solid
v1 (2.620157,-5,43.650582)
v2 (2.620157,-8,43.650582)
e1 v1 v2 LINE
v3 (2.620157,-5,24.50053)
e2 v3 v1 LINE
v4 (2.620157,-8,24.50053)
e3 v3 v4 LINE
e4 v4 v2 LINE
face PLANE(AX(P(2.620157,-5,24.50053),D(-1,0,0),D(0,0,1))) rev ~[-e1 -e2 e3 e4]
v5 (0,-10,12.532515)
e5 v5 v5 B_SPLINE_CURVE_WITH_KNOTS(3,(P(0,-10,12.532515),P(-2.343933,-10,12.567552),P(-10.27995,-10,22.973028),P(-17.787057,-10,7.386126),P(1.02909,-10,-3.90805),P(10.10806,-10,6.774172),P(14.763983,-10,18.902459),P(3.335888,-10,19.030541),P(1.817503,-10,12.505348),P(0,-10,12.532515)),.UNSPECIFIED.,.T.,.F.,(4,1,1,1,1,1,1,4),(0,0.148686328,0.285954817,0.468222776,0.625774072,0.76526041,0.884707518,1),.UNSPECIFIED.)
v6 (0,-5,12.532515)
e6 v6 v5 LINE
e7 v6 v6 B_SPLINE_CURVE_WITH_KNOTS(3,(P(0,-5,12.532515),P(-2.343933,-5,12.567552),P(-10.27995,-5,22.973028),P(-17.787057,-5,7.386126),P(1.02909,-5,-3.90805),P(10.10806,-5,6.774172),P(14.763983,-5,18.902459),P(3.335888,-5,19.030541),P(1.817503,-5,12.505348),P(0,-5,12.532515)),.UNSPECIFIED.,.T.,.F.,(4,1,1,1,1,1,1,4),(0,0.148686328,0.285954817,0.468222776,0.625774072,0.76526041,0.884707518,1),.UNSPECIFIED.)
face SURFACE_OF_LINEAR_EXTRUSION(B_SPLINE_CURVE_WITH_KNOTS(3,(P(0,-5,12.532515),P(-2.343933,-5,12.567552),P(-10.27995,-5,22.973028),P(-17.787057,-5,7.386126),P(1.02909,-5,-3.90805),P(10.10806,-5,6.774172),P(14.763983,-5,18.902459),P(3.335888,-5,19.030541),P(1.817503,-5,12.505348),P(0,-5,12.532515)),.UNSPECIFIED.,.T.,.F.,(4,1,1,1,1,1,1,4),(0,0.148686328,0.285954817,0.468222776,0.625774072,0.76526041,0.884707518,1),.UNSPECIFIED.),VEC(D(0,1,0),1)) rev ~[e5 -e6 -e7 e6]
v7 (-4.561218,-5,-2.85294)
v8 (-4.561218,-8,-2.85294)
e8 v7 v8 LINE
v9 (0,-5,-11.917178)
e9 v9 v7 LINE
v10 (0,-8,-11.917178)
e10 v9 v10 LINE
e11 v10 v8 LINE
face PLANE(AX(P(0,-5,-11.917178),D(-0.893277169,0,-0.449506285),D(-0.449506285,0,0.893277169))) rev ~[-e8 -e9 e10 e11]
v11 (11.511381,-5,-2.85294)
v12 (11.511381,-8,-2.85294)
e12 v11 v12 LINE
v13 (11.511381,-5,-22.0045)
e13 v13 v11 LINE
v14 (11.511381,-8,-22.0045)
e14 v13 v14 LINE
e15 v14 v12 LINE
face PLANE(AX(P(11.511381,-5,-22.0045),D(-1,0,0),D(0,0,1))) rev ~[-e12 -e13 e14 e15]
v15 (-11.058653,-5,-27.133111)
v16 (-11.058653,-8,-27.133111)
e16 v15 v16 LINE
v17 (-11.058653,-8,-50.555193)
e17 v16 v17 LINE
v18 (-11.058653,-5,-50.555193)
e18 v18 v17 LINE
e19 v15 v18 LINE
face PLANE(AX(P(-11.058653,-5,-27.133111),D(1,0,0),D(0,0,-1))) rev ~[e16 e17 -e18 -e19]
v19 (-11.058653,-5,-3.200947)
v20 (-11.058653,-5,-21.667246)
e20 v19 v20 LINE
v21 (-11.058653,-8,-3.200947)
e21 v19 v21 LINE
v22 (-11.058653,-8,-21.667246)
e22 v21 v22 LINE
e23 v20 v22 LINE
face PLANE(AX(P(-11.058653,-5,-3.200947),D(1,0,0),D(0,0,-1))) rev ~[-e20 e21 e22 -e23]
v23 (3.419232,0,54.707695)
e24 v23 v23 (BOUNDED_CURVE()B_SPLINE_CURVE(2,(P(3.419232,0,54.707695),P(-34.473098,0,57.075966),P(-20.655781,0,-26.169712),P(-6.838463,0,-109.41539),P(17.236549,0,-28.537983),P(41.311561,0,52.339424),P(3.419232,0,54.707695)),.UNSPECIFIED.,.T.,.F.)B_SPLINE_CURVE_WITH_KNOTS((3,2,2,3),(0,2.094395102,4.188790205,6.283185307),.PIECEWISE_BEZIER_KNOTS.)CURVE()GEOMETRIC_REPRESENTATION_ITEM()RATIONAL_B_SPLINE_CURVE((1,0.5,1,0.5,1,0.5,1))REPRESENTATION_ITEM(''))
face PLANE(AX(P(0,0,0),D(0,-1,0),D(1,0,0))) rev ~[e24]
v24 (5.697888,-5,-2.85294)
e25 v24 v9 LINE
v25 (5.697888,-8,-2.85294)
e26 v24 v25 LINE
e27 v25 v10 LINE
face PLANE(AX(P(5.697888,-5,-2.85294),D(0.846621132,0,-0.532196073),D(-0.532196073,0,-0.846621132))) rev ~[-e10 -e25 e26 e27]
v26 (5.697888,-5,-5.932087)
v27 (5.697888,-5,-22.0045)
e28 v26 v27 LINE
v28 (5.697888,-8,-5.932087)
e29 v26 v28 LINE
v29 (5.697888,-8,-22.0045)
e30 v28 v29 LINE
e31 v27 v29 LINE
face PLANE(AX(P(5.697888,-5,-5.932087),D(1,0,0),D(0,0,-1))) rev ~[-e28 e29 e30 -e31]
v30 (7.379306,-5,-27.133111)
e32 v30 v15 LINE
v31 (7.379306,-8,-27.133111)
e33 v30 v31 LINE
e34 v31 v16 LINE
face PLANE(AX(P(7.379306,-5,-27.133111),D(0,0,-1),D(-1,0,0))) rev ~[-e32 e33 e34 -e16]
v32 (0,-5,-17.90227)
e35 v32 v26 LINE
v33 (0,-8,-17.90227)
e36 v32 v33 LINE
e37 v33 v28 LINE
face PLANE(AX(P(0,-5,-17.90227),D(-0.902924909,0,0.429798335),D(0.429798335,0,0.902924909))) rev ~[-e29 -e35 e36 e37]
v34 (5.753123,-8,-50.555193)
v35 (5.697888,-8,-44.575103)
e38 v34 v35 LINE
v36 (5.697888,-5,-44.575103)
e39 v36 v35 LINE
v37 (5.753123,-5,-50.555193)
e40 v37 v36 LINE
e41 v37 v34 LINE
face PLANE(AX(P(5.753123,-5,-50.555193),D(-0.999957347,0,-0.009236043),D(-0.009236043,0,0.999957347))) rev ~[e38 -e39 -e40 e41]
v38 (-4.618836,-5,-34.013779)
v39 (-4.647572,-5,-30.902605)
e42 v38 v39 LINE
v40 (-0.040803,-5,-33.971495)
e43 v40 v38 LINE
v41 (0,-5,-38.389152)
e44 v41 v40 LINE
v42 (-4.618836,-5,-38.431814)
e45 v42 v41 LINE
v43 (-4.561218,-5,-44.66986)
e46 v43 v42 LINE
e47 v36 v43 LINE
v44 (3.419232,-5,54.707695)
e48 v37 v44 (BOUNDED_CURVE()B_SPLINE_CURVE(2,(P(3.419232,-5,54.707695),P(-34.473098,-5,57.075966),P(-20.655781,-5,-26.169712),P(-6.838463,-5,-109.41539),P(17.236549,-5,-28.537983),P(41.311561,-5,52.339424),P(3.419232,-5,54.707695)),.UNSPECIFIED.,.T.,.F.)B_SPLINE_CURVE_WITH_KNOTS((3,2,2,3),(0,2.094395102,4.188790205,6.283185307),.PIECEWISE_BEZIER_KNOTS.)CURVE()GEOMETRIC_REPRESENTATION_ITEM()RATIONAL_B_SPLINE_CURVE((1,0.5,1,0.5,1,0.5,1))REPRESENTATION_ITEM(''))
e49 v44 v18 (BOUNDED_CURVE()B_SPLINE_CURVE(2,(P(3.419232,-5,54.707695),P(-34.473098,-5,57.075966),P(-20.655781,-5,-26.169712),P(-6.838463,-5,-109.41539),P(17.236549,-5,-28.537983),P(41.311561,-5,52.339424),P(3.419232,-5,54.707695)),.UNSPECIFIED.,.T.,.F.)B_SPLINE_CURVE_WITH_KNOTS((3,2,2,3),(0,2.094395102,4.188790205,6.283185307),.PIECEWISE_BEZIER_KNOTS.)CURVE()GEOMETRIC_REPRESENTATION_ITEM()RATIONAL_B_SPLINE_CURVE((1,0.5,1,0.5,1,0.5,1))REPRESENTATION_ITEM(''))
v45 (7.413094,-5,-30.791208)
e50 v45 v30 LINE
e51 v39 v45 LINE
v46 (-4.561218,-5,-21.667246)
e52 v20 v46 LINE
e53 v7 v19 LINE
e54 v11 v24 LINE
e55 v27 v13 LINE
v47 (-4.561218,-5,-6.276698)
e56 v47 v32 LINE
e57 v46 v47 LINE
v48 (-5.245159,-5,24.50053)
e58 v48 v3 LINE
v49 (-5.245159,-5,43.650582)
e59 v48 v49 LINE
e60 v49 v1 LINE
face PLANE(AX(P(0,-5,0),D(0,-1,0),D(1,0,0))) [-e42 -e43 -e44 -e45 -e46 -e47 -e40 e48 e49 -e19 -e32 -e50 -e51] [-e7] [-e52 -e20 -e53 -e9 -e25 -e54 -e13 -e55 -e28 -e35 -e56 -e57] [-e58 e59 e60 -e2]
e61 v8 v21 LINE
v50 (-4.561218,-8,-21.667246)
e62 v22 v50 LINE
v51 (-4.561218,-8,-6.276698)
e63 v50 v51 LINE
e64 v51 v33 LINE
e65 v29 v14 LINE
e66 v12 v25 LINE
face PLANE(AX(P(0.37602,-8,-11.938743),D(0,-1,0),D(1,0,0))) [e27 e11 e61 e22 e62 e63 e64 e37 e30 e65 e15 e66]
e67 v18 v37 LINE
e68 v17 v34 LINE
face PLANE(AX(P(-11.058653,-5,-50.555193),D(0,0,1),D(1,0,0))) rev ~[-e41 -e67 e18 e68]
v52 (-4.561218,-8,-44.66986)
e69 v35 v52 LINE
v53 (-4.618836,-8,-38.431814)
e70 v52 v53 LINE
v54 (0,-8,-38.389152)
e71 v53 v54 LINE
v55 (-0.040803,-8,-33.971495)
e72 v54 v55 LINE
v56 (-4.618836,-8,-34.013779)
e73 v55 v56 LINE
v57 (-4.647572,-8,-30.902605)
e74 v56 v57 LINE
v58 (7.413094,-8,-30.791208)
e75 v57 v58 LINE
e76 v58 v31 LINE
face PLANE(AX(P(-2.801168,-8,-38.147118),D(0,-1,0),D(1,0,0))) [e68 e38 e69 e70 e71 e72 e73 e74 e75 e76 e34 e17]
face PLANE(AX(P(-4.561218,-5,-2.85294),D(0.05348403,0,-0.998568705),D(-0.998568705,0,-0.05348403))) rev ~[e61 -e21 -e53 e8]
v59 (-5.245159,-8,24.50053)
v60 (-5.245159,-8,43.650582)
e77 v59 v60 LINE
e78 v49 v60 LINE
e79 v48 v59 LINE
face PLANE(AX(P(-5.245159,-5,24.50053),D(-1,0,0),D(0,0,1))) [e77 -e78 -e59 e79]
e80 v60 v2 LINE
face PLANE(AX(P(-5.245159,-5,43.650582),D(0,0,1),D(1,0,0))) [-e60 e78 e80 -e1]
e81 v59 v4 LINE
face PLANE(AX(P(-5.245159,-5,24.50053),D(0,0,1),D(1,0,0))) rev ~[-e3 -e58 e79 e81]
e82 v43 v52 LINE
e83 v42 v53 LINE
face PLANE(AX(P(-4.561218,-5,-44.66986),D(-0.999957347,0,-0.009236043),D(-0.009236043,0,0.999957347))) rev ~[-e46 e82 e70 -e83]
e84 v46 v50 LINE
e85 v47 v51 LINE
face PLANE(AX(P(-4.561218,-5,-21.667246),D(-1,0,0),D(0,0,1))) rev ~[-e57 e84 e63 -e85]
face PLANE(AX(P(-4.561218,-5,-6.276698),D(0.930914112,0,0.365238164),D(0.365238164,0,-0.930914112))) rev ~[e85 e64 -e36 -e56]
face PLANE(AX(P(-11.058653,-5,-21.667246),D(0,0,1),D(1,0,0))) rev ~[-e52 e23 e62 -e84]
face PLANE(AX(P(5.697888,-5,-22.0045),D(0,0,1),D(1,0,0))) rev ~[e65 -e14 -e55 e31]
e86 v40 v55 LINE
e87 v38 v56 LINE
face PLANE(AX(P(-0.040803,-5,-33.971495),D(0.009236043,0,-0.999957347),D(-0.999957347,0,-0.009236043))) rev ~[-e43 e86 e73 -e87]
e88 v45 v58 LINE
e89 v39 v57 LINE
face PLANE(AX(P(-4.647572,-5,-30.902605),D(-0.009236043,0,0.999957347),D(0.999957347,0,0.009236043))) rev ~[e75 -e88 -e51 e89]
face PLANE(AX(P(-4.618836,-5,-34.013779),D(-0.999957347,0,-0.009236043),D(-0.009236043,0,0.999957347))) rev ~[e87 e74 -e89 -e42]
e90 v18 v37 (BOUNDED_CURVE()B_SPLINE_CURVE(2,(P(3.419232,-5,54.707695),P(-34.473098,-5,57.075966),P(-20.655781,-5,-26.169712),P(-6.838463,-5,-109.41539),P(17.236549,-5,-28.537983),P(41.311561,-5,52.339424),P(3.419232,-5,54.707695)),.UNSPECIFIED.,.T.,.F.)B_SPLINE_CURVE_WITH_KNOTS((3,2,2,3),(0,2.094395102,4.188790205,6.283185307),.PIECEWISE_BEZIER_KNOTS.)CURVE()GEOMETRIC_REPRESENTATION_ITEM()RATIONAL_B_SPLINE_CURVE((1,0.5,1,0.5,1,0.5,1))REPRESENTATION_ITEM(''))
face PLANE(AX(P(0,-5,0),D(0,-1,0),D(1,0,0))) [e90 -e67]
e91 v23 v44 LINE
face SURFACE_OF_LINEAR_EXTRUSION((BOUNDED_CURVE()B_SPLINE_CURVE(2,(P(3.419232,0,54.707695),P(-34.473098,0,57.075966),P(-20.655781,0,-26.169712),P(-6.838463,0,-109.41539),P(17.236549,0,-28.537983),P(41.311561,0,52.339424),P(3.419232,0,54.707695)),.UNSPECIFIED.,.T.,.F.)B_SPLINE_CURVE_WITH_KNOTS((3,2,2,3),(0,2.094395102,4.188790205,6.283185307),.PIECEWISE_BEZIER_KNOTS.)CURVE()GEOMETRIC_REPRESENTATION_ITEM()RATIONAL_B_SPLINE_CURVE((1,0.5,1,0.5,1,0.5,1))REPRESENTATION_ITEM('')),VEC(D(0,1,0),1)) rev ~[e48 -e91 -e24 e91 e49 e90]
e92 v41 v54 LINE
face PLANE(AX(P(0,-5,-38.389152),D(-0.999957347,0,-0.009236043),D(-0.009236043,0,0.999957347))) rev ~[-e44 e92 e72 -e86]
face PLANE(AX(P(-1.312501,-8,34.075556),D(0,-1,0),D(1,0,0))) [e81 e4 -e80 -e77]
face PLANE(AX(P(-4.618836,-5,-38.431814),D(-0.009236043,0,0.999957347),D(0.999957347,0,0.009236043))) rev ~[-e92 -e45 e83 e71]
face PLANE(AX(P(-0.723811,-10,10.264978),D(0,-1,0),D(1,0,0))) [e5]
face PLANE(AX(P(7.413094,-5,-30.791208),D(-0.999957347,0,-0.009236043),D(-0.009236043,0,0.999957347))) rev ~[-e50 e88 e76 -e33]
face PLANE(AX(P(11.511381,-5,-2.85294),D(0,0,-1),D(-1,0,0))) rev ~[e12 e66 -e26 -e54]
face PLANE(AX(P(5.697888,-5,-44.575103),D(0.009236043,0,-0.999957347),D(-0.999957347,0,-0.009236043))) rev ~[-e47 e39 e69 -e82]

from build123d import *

# Parameters (mm, degrees)
F1_DEPTH = 5
F3_DEPTH = 5
F4_W     = 7.8653162345
F4_H     = 19.1500522196
F5_DEPTH = 3
F7_DEPTH = 3


with BuildPart() as f1:
    # F0 (on Front) → F1 (new body)
    with BuildSketch(Plane.XZ):
        with BuildLine():
            add(Edge.make_bspline(
                [(3.4192316234, 54.7076947987), (-34.4730980133, 57.0759658848), (-20.6557806301, -26.1697118563), (-6.8384632468, -109.4153895974), (17.2365490066, -28.5379829424), (41.3115612601, 52.3394237126), (3.4192316234, 54.7076947987)],
                knots=[0, 0, 0, 2.0943951024, 2.0943951024, 4.1887902048, 4.1887902048, 6.2831853072, 6.2831853072, 6.2831853072], degree=2, weights=[1, 0.5, 1, 0.5, 1, 0.5, 1]))
        make_face()
    extrude(amount=F1_DEPTH)

    # F2 (on face) → F3 (join)
    with BuildSketch(Plane.XZ.offset(5)):
        with BuildLine():
            add(Edge.make_bspline(
                [(0, 12.5325154513), (-2.3439333607, 12.5675516847), (-10.2799502152, 22.973027831), (-17.7870573836, 7.3861261072), (1.0290902774, -3.9080504103), (10.1080597772, 6.7741723317), (14.7639826059, 18.9024591621), (3.3358880418, 19.0305414945), (1.8175033241, 12.5053480959), (0, 12.5325154513)],
                knots=[0, 0, 0, 0, 0.1486863279, 0.2859548168, 0.4682227764, 0.6257740724, 0.7652604101, 0.8847075178, 1, 1, 1, 1], degree=3))
        make_face()
    extrude(amount=F3_DEPTH)

    # F4 (on face) → F5 (join)
    with BuildSketch(Plane.XZ.offset(5)):
        with Locations((-1.3125012629, 34.0755563229)):
            Rectangle(F4_W, F4_H)
    extrude(amount=F5_DEPTH)

    # F6 (on face) → F7 (join)
    with BuildSketch(Plane.XZ.offset(5)):
        Polygon((-4.5612184331, -2.8529395349), (-11.0586527735, -3.2009466086), (-11.0586527735, -21.6672457755), (-4.5612184331, -21.6672457755), (-4.5612184331, -6.2766978517), (0, -17.9022699594), (5.6978878565, -5.932086613), (5.6978878565, -22.0045000315), (11.5113807842, -22.0045000315), (11.5113807842, -2.8529395349), (5.6978878565, -2.8529395349), (0, -11.9171782862), align=None)
        Polygon((7.3793059199, -27.1331109107), (-11.0586527735, -27.1331109107), (-11.0586527735, -50.5551927485), (5.7531225846, -50.5551927485), (5.6978878565, -44.5751026273), (-4.5612184331, -44.6698602204), (-4.6188357577, -38.4318138827), (0, -38.3891522953), (-0.0408034181, -33.9714946721), (-4.6188357577, -34.0137793813), (-4.6475719212, -30.9026054201), (7.4130937032, -30.7912078369), align=None)
    extrude(amount=F7_DEPTH)


solid = f1.part
